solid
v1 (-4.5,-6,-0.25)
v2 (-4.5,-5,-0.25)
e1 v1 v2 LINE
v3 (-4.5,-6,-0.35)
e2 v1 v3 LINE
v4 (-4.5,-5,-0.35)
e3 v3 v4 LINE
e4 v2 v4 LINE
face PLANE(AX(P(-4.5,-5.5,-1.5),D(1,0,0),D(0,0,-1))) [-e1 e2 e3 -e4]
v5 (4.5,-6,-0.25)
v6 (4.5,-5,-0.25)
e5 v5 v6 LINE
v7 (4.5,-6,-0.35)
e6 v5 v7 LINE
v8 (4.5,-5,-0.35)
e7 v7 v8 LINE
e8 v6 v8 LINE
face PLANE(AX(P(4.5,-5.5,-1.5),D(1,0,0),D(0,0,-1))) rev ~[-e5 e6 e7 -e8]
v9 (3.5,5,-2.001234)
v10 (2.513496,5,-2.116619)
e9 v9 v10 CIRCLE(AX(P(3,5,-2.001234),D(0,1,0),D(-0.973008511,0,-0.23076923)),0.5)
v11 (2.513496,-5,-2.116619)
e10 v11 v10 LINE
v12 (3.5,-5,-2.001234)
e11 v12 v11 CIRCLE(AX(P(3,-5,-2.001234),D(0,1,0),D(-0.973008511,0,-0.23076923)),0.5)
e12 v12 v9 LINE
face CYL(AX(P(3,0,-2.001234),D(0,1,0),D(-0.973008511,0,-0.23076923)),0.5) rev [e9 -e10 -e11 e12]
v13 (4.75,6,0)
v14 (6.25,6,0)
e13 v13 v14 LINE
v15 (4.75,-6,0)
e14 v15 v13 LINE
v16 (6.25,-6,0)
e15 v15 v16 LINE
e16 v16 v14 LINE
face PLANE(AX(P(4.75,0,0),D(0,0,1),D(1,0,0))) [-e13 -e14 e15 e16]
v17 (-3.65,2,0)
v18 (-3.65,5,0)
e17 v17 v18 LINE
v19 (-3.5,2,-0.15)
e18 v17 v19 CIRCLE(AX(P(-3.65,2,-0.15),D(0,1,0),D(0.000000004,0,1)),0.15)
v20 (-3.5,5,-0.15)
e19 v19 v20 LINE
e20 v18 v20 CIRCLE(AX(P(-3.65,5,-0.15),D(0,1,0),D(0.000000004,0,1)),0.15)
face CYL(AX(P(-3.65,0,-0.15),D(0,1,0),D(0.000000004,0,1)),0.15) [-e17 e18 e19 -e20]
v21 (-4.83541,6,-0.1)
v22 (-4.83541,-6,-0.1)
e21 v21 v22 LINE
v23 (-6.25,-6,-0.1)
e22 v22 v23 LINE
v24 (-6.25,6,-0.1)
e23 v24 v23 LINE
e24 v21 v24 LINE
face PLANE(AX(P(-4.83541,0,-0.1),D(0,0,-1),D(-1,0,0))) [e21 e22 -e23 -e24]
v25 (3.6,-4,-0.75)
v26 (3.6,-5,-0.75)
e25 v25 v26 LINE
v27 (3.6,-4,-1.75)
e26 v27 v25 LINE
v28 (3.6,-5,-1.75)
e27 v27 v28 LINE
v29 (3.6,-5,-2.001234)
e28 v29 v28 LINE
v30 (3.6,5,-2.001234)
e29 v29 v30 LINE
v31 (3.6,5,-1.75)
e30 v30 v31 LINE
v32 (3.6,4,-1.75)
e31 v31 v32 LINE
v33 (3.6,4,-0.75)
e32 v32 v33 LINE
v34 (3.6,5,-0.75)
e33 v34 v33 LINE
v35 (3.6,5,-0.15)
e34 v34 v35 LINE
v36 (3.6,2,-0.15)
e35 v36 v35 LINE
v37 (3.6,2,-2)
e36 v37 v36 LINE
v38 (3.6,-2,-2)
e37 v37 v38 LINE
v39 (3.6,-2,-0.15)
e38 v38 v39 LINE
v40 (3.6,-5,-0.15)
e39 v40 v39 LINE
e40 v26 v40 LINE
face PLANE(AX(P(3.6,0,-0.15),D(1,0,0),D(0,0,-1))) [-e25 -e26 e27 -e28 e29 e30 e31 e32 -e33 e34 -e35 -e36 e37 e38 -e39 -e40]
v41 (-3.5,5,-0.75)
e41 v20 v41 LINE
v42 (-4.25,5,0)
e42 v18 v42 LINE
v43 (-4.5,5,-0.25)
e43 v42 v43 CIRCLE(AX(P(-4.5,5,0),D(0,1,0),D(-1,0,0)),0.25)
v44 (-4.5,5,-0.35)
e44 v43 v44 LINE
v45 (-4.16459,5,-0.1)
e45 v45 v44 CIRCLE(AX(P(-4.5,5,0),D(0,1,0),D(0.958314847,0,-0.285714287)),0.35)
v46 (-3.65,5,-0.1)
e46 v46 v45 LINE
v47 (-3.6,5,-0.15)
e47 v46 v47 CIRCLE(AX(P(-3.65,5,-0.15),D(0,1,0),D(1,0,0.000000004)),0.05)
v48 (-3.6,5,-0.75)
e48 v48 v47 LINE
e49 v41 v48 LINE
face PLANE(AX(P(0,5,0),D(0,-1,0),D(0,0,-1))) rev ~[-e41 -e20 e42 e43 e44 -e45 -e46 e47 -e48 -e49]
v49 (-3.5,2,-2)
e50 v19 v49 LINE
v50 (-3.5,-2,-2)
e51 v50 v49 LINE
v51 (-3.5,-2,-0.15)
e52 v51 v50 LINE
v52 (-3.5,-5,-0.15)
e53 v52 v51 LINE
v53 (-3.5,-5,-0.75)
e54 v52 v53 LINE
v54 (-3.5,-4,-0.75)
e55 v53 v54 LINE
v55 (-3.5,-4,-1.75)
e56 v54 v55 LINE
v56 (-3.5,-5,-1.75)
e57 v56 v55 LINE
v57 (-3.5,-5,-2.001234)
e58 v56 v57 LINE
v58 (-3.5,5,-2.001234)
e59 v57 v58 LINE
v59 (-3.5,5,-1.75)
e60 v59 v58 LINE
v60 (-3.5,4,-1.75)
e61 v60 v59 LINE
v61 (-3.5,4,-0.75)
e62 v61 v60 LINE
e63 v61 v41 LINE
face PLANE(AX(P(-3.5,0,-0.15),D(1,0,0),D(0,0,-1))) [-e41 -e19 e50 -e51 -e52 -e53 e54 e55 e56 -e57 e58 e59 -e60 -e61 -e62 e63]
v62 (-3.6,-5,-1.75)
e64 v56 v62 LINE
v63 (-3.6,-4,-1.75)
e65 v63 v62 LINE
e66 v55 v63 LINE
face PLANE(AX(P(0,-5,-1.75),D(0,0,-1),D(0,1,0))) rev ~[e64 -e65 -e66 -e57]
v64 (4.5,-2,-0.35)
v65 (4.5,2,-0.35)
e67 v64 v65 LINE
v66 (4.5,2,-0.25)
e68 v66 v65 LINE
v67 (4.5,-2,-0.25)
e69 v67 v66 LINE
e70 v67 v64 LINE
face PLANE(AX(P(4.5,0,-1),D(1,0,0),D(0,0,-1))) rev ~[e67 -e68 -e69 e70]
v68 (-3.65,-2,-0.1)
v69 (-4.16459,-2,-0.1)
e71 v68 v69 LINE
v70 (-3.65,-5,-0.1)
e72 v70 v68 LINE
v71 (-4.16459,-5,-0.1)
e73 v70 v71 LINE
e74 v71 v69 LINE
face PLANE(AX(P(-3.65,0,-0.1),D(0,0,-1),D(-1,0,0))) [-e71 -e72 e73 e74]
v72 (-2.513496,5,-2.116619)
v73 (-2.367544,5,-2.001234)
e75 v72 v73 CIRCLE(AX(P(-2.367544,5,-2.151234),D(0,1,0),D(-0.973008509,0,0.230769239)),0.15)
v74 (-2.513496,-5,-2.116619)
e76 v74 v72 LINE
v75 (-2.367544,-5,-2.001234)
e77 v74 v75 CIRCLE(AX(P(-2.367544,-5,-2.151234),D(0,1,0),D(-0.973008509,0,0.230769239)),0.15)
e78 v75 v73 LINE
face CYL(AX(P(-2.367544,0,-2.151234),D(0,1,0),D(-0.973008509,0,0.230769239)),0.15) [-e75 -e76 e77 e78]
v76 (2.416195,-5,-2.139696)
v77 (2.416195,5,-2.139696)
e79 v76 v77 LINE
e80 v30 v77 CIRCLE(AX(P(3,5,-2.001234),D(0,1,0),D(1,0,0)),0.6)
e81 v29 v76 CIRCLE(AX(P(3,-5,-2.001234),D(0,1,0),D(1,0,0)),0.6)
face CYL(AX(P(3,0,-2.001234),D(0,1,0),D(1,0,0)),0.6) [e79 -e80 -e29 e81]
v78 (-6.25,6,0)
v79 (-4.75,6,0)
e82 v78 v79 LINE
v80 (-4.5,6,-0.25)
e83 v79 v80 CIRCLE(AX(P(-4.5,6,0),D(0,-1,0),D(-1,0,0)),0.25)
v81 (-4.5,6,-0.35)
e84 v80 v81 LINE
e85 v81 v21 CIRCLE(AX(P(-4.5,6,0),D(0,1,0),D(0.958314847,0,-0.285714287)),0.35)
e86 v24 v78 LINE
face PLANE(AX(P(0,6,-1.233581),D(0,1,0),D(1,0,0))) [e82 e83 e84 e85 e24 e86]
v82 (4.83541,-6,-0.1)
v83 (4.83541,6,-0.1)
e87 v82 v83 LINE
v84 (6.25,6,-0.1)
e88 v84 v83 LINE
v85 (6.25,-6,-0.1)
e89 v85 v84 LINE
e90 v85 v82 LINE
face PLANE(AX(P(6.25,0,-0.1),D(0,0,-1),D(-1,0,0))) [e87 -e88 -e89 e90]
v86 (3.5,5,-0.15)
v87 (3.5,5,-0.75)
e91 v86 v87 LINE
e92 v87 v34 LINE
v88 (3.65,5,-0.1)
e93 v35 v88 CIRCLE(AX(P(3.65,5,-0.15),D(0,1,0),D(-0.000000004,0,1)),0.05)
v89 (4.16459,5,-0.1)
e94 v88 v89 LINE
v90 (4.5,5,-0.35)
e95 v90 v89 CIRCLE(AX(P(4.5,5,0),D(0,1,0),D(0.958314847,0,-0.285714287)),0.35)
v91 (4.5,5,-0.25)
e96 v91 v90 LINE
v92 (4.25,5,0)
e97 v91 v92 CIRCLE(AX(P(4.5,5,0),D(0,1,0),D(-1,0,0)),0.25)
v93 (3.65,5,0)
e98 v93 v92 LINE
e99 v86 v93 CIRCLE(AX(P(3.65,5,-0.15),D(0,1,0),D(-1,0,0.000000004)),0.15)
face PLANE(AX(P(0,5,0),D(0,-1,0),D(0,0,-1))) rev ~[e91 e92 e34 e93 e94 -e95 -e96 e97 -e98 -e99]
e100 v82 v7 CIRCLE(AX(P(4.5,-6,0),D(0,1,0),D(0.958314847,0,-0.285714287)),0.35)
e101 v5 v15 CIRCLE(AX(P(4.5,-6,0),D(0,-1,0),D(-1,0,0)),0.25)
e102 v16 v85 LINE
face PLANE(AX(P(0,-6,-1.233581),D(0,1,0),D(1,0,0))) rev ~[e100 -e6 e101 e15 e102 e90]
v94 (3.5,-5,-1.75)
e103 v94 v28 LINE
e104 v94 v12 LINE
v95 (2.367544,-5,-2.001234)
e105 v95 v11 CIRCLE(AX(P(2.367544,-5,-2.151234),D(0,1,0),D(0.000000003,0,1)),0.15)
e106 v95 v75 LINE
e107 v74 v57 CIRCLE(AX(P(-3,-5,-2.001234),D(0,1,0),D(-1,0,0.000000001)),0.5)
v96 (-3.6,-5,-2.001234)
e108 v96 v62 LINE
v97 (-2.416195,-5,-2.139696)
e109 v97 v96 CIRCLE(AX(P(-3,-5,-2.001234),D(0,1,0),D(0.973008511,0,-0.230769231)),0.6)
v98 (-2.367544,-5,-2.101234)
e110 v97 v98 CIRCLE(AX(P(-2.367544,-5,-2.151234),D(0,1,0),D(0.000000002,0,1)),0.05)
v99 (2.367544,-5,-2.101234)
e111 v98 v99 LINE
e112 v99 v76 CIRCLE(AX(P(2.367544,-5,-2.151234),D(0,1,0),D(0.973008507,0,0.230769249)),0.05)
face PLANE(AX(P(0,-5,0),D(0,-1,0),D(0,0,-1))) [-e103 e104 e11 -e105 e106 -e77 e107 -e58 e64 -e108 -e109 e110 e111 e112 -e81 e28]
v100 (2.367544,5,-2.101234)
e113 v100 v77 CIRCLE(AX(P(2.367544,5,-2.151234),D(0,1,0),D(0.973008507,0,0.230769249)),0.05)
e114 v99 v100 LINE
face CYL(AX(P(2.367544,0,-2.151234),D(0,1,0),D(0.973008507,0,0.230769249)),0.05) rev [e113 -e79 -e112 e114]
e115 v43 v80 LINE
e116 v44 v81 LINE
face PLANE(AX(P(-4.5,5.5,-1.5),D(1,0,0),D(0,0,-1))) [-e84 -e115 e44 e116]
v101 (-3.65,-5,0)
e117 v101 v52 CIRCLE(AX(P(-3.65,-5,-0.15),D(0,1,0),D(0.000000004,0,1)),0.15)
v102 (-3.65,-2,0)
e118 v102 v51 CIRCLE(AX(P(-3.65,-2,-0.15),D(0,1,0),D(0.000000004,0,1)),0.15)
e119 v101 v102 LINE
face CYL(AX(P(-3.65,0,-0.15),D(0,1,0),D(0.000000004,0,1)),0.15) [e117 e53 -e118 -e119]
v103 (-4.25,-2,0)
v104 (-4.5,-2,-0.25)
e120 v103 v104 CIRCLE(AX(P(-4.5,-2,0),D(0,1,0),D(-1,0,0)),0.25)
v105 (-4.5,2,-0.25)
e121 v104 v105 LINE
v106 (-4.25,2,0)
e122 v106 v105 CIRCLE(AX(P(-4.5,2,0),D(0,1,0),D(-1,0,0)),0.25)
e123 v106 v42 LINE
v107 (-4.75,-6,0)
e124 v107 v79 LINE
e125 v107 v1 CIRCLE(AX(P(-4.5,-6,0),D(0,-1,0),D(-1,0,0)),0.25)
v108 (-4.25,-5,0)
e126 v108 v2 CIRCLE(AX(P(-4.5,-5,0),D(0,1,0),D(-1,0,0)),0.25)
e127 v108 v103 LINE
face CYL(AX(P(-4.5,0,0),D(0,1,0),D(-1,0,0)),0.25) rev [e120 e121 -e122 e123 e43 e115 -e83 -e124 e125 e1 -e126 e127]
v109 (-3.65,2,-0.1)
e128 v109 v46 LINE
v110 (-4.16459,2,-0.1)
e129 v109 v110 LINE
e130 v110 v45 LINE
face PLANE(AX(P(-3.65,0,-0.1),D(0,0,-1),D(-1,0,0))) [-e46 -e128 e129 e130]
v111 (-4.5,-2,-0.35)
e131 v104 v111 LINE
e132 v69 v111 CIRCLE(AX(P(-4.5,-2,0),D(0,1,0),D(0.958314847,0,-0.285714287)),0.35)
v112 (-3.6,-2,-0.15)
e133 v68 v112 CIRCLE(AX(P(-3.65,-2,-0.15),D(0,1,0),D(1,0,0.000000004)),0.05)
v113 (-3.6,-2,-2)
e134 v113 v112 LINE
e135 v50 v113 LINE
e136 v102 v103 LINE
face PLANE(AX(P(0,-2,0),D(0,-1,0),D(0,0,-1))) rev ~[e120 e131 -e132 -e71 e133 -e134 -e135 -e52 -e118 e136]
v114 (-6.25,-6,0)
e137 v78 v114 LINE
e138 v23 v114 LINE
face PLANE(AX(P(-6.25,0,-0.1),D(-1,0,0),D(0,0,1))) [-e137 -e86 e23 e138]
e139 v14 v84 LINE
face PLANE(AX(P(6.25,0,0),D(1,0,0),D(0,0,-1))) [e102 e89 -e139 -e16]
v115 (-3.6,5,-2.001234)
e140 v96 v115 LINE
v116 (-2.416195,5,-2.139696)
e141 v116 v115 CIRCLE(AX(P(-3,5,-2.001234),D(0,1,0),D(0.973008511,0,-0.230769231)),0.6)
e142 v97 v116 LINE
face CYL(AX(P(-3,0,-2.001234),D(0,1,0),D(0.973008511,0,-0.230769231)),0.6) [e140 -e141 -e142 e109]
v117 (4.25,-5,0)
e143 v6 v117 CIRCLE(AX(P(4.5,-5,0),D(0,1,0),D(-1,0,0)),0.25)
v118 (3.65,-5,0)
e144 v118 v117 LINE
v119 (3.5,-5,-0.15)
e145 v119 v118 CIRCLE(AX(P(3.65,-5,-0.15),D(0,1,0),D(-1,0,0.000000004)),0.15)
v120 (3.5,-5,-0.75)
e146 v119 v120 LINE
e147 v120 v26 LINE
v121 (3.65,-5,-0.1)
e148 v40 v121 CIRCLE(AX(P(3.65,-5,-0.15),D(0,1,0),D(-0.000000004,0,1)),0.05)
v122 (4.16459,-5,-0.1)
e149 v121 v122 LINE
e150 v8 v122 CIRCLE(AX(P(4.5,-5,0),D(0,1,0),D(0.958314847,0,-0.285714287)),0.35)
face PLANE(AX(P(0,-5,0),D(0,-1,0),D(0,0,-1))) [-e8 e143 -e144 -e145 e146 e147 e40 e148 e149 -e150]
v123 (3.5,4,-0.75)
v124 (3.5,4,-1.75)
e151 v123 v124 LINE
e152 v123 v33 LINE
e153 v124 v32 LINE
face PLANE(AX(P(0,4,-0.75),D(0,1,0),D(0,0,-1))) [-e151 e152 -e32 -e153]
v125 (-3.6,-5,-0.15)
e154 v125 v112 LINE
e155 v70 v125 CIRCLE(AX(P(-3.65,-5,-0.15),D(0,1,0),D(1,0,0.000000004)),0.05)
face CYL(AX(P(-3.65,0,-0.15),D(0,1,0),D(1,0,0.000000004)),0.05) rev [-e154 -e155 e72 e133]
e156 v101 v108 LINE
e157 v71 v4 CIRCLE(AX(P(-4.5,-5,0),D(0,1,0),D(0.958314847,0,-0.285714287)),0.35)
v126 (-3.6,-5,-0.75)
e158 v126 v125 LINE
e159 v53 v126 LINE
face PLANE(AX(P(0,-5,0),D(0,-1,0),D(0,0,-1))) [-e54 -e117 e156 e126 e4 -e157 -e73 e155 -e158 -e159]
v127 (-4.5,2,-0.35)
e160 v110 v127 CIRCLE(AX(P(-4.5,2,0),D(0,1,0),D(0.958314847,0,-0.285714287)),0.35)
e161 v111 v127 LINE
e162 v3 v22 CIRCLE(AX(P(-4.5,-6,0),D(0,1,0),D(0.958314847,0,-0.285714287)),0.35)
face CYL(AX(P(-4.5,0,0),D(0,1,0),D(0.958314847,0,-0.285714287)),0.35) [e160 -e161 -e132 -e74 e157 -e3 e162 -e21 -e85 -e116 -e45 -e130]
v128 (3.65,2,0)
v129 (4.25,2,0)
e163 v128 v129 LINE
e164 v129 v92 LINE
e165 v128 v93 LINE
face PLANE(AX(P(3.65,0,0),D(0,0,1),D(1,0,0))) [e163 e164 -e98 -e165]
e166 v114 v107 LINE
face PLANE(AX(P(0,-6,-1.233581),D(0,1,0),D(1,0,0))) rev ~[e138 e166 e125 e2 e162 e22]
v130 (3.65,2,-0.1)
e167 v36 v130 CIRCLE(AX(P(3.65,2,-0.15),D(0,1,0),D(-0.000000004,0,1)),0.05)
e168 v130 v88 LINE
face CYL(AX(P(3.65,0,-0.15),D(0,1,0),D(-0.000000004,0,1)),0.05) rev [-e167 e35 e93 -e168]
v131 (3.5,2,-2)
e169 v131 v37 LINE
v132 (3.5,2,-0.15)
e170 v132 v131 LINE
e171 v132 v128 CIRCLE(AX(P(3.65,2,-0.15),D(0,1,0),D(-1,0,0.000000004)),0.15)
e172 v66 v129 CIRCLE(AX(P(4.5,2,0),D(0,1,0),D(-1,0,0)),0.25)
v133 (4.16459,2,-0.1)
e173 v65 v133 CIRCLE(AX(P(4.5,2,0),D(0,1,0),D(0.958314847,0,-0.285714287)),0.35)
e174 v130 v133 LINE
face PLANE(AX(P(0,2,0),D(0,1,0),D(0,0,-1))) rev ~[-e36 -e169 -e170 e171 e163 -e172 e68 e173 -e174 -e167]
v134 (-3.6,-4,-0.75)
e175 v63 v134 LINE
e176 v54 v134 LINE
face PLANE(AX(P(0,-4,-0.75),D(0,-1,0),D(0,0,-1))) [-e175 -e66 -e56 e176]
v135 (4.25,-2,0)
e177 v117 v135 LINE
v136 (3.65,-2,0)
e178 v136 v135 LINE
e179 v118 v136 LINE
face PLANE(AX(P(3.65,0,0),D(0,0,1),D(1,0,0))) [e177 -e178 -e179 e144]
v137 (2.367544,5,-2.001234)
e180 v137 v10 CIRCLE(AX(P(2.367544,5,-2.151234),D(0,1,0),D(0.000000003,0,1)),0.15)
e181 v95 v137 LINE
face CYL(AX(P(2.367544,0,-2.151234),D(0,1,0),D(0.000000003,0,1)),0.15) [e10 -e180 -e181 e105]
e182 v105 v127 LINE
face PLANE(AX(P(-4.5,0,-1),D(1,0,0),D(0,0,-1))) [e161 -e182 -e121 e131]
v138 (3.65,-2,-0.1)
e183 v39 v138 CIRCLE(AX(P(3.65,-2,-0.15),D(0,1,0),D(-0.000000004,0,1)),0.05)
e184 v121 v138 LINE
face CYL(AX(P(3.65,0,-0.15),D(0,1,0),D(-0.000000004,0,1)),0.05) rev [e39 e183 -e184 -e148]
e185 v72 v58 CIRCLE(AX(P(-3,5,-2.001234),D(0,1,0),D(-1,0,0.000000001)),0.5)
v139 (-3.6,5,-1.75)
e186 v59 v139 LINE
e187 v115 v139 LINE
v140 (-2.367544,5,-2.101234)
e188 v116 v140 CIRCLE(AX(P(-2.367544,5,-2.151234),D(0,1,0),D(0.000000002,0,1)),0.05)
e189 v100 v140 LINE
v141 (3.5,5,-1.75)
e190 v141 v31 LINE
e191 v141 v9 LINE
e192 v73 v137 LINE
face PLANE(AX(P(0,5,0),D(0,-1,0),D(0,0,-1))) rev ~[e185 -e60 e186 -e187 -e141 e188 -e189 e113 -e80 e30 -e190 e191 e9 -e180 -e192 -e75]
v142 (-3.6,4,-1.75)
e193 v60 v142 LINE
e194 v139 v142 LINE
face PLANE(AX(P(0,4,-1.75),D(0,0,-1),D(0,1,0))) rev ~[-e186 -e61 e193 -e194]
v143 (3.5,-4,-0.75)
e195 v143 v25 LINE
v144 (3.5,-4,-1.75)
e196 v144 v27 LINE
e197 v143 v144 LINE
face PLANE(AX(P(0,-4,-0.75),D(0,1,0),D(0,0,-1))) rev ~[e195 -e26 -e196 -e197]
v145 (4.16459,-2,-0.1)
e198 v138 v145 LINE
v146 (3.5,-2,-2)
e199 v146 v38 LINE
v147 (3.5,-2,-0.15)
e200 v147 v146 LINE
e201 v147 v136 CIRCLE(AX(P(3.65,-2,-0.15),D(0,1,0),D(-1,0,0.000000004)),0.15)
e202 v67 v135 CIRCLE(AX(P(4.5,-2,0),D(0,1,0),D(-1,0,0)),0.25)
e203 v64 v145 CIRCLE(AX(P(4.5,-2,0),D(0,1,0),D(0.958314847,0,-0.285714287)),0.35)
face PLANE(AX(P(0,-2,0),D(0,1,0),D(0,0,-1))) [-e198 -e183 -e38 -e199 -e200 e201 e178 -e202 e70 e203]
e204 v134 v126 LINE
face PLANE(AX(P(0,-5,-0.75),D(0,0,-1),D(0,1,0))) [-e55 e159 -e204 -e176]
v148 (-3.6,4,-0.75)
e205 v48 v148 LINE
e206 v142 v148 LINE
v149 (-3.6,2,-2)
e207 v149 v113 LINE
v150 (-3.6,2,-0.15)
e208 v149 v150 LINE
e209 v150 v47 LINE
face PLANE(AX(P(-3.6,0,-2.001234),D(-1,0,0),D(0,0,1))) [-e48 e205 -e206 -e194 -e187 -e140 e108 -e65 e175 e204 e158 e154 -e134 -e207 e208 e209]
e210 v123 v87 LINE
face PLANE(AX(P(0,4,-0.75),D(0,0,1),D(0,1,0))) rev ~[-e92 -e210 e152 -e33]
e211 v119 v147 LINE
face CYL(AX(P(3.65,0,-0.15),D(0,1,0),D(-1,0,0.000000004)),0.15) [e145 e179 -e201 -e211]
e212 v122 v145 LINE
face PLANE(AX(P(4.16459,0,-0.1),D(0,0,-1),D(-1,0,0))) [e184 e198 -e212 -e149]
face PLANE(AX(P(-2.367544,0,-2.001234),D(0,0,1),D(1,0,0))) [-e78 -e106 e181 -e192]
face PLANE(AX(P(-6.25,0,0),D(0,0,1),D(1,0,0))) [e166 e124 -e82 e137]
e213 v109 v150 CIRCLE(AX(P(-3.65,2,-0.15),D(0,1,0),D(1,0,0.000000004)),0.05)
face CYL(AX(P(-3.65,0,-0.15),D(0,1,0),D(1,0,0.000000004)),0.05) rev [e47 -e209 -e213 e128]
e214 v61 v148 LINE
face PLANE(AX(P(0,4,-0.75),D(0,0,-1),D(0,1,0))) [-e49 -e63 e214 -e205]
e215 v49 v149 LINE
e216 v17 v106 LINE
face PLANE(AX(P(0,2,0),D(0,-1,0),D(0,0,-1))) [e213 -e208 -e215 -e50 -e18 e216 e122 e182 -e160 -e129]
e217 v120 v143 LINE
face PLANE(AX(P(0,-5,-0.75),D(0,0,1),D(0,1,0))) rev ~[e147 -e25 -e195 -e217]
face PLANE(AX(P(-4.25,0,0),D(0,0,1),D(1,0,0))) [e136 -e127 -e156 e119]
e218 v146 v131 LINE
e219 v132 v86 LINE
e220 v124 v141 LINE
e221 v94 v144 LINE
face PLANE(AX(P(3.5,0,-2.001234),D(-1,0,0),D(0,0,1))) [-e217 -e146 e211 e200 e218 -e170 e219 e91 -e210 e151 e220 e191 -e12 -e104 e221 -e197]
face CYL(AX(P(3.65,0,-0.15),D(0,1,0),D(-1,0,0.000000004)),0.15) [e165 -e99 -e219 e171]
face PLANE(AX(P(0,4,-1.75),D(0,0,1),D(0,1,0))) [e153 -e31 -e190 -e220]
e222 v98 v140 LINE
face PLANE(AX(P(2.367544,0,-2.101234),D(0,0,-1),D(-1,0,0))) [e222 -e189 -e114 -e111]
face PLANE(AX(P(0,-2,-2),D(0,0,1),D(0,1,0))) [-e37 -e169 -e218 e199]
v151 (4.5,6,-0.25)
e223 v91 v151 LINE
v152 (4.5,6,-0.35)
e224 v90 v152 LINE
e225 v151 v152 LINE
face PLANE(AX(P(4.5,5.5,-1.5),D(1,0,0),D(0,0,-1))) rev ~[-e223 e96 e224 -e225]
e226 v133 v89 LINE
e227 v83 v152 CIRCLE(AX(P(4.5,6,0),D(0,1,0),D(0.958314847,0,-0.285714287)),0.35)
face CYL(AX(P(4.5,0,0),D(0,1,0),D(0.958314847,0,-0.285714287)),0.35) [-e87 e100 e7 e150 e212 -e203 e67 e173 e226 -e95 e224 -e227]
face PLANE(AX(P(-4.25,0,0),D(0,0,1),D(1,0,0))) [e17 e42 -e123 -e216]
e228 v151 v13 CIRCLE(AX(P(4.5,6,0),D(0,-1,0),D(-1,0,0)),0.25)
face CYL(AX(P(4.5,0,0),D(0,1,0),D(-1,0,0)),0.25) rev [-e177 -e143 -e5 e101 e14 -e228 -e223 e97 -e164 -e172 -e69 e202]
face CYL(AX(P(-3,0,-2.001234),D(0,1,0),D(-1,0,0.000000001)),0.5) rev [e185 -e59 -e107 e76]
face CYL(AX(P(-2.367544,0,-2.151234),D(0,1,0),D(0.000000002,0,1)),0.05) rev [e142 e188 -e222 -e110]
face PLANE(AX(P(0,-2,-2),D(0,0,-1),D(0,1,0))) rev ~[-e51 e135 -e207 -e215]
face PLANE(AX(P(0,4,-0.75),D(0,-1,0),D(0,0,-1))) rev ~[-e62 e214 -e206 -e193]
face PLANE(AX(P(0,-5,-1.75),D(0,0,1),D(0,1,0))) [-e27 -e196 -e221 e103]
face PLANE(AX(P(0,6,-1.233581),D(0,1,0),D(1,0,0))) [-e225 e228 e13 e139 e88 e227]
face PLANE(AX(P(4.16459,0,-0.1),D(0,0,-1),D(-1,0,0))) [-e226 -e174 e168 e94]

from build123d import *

# Parameters (mm, degrees)
EXTRUDE_THIN1_DEPTH      = 6
EXTRUDE_THIN1_DEPTH_BACK = 6
SKETCH2_W                = 2
SKETCH2_H                = 4
SKETCH2_W_2              = 3
SKETCH2_H_2              = 1
EXTRUDE1_DEPTH           = 4.5
EXTRUDE1_DEPTH_BACK      = 4.5
SKETCH3_W                = 1
SKETCH3_H                = 1
EXTRUDE2_DEPTH           = 10
EXTRUDE2_DEPTH_BACK      = 10


with BuildPart() as part:
    # Sketch1 → Extrude-Thin1 (new body, two sides)
    with BuildSketch(Plane(origin=(0, 0, 0), x_dir=(1, 0, 0), z_dir=(0, 1, 0))) as extrude_thin1_sk:
        with BuildLine():
            Line((-6.25, 0), (-4.75, 0))
            ThreePointArc((-4.75, 0), (-4.5, 0.25), (-4.25, 0))
            Line((-4.25, 0), (-3.65, 0))
            ThreePointArc((-3.65, 0), (-3.543933983, 0.043933983), (-3.5, 0.15))
            Line((-3.5, 0.15), (-3.5, 2.001234471))
            ThreePointArc((-3.5, 2.001234471), (-3.058085593, 2.497849074), (-2.513495745, 2.116619086))
            ThreePointArc((-2.513495745, 2.116619086), (-2.460570519, 2.03356479), (-2.367544468, 2.001234471))
            Line((-2.367544468, 2.001234471), (2.367544468, 2.001234471))
            ThreePointArc((2.367544468, 2.001234471), (2.460570519, 2.03356479), (2.513495745, 2.116619086))
            ThreePointArc((2.513495745, 2.116619086), (3.058085593, 2.497849074), (3.5, 2.001234471))
            Line((3.5, 2.001234471), (3.5, 0.15))
            ThreePointArc((3.5, 0.15), (3.543933983, 0.043933983), (3.65, 0))
            Line((3.65, 0), (4.25, 0))
            ThreePointArc((4.25, 0), (4.5, 0.25), (4.75, 0))
            Line((4.75, 0), (6.25, 0))
            Line((6.25, 0), (6.25, 0.1))
            Line((6.25, 0.1), (4.835410197, 0.1))
            ThreePointArc((4.835410197, 0.1), (4.5, 0.35), (4.164589803, 0.1))
            Line((4.164589803, 0.1), (3.65, 0.1))
            ThreePointArc((3.65, 0.1), (3.614644661, 0.114644661), (3.6, 0.15))
            Line((3.6, 0.15), (3.6, 2.001234471))
            ThreePointArc((3.6, 2.001234471), (3.069702712, 2.597171994), (2.416194894, 2.139696009))
            ThreePointArc((2.416194894, 2.139696009), (2.398553152, 2.112011244), (2.367544468, 2.101234471))
            Line((2.367544468, 2.101234471), (-2.367544468, 2.101234471))
            ThreePointArc((-2.367544468, 2.101234471), (-2.398553152, 2.112011244), (-2.416194894, 2.139696009))
            ThreePointArc((-2.416194894, 2.139696009), (-3.069702712, 2.597171994), (-3.6, 2.001234471))
            Line((-3.6, 2.001234471), (-3.6, 0.15))
            ThreePointArc((-3.6, 0.15), (-3.614644661, 0.114644661), (-3.65, 0.1))
            Line((-3.65, 0.1), (-4.164589803, 0.1))
            ThreePointArc((-4.164589803, 0.1), (-4.5, 0.35), (-4.835410197, 0.1))
            Line((-4.835410197, 0.1), (-6.25, 0.1))
            Line((-6.25, 0.1), (-6.25, 0))
        make_face()
    extrude(amount=EXTRUDE_THIN1_DEPTH)
    extrude(extrude_thin1_sk.sketch, amount=-EXTRUDE_THIN1_DEPTH_BACK)

    # Sketch2 → Extrude1 (cut, two sides)
    with BuildSketch(Plane(origin=(0, 0, 0), x_dir=(0, 0, -1), z_dir=(1, 0, 0))) as extrude1_sk:
        with Locations((1, 0)):
            Rectangle(SKETCH2_W, SKETCH2_H)
        with Locations((1.5, -5.5)):
            Rectangle(SKETCH2_W_2, SKETCH2_H_2)
        with Locations((1.5, 5.5)):
            Rectangle(SKETCH2_W_2, SKETCH2_H_2)
    extrude(amount=EXTRUDE1_DEPTH, mode=Mode.SUBTRACT)
    extrude(extrude1_sk.sketch, amount=-EXTRUDE1_DEPTH_BACK, mode=Mode.SUBTRACT)

    # Sketch3 → Extrude2 (cut, two sides)
    with BuildSketch(Plane(origin=(0, 0, 0), x_dir=(0, 0, -1), z_dir=(1, 0, 0))) as extrude2_sk:
        with Locations((1.25, 4.5)):
            Rectangle(SKETCH3_W, SKETCH3_H)
        with Locations((1.25, -4.5)):
            Rectangle(SKETCH3_W, SKETCH3_H)
    extrude(amount=EXTRUDE2_DEPTH, mode=Mode.SUBTRACT)
    extrude(extrude2_sk.sketch, amount=-EXTRUDE2_DEPTH_BACK, mode=Mode.SUBTRACT)


solid = part.part
